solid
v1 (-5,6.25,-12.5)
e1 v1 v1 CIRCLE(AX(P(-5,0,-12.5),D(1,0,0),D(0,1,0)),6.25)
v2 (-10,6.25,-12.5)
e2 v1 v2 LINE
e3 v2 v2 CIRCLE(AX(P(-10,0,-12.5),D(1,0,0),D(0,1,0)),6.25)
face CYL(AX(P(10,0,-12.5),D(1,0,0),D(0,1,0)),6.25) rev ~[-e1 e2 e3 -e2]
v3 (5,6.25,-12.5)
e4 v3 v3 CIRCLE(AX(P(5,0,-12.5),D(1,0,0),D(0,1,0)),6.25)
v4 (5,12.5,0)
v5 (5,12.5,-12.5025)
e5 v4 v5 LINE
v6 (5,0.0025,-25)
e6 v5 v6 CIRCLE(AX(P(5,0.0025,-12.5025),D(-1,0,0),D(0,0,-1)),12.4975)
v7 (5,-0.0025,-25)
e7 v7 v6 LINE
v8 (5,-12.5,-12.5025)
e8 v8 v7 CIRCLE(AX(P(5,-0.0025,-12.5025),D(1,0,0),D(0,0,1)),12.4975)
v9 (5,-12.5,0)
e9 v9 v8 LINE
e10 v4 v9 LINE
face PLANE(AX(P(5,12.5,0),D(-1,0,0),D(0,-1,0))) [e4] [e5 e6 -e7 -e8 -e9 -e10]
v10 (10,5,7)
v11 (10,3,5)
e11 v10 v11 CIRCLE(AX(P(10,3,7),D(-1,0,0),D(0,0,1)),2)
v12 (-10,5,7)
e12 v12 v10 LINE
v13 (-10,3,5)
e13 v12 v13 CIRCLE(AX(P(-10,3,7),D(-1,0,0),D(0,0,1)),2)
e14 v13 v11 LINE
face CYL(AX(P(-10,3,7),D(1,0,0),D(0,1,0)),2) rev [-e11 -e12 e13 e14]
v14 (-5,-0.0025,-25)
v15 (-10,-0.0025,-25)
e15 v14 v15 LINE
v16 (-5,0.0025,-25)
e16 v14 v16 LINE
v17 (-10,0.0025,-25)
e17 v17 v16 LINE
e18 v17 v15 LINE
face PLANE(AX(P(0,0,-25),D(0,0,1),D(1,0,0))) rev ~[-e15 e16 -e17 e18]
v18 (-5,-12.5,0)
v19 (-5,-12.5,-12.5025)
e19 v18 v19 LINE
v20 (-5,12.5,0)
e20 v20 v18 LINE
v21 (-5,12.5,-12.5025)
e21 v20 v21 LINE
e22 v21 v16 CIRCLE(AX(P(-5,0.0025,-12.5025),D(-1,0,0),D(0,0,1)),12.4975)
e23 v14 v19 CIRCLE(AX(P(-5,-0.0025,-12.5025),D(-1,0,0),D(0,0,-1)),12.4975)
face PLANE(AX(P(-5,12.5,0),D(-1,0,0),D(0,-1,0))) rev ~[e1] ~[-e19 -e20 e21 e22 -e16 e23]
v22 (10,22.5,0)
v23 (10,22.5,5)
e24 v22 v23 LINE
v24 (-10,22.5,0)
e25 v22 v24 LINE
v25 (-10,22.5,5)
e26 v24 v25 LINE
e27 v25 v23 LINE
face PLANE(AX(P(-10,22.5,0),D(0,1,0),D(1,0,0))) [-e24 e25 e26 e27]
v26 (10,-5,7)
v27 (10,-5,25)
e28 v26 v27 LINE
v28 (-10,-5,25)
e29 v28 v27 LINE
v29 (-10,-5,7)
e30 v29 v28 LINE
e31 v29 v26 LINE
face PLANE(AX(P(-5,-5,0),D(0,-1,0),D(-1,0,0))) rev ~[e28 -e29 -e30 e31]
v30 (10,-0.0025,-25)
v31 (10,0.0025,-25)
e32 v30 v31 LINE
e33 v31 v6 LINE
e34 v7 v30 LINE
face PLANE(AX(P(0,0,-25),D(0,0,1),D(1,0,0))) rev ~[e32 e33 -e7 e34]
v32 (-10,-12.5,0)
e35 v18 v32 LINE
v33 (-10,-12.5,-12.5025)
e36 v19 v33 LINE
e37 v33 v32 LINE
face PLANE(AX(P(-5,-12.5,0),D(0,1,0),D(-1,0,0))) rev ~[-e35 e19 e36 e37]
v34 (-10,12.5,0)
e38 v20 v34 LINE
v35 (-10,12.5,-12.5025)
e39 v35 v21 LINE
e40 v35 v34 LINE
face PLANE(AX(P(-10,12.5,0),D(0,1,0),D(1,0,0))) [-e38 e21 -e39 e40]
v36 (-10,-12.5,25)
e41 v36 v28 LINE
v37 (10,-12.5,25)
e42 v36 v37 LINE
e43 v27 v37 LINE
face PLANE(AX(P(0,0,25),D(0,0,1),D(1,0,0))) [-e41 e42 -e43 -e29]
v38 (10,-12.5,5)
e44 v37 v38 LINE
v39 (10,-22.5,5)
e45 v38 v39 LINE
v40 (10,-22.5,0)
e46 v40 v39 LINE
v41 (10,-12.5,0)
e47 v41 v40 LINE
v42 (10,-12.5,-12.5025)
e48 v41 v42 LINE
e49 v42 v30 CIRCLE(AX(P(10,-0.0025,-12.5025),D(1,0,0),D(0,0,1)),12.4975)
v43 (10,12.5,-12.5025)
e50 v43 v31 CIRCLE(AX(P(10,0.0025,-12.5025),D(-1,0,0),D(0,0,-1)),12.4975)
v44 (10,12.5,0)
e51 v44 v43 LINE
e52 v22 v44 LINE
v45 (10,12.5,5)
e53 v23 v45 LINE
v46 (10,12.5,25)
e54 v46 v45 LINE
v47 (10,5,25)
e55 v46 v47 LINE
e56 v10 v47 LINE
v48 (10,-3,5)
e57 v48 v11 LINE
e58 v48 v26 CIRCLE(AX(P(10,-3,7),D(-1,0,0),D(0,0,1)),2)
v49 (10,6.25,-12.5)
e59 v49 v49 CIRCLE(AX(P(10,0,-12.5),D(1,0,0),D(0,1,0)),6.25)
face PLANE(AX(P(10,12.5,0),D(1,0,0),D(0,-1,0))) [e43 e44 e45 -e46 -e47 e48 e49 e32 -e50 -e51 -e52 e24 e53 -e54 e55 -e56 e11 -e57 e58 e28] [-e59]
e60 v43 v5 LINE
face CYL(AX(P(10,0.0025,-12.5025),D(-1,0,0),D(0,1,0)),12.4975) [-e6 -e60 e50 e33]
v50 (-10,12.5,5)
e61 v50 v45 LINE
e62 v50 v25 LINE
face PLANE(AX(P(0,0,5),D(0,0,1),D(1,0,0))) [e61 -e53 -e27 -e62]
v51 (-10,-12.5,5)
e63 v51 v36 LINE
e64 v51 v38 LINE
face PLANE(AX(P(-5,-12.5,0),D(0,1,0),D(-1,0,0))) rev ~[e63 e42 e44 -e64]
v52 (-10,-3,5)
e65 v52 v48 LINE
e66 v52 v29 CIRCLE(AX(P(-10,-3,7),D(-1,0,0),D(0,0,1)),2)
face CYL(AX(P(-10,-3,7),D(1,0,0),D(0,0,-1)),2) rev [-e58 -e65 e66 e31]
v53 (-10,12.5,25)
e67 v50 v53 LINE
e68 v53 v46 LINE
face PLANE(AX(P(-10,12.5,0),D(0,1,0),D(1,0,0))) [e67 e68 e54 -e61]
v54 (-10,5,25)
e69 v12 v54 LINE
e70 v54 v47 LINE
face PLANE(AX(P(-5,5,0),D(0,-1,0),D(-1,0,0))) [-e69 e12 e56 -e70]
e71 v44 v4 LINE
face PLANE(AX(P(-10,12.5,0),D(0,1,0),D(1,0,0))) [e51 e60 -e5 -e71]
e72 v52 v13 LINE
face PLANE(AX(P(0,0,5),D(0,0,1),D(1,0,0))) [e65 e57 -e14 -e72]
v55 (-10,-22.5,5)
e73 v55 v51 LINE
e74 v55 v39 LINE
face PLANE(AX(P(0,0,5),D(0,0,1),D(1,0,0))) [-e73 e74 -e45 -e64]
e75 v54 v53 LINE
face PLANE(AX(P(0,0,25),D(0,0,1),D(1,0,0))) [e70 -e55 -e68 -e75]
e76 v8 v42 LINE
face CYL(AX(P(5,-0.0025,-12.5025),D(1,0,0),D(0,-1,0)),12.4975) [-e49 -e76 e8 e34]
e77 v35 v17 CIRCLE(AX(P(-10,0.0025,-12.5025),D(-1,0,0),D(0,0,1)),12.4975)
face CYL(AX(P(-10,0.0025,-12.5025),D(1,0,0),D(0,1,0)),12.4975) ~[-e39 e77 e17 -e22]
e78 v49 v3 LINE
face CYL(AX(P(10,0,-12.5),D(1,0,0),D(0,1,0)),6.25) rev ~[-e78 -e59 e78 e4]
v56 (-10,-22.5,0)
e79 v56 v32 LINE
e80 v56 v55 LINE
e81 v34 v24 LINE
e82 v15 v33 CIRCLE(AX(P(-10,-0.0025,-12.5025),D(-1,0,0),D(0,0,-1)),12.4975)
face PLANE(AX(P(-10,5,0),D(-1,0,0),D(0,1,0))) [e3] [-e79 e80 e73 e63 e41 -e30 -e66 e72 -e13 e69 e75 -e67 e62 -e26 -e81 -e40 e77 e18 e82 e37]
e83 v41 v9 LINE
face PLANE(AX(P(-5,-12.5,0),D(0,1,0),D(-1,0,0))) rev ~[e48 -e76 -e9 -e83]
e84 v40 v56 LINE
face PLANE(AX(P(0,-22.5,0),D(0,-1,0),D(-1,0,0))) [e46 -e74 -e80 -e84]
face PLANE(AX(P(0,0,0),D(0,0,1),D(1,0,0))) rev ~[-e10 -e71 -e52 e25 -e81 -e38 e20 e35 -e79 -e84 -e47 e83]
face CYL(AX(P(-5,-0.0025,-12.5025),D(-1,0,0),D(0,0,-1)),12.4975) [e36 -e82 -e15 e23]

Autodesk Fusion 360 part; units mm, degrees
sketch "Sketch1" plane through (0, 0, 0) normal (0, 0, 1) x (1, 0, 0)
  line L0 (-10, 22.5) -> (10, 22.5)
  line L1 (10, 22.5) -> (10, -22.5)
  line L2 (10, -22.5) -> (-10, -22.5)
  line L3 (-10, -22.5) -> (-10, 22.5)
  line L4 (10, 12.5) -> (5, 12.5)
  line L5 (5, 12.5) -> (5, -12.5)
  line L6 (5, -12.5) -> (10, -12.5)
  line L7 (10, -12.5) -> (10, 12.5)
  line L8 (0, 22.5) -> (0, -22.5)
  line L9 (-10, 22.5) -> (-10, -22.5)
  line L10 (-10, -12.5) -> (-10, 12.5)
  line L11 (-5, -12.5) -> (-10, -12.5)
  line L12 (-5, 12.5) -> (-5, -12.5)
  line L13 (-10, 0) -> (10, 0)
  line L14 (-10, 12.5) -> (10, 12.5)
  line L15 (10, 12.5) -> (10, 5)
  line L16 (10, 5) -> (-10, 5)
  line L17 (-10, 5) -> (-10, 12.5)
  line L18 (10, -5) -> (-10, -5)
  line L19 (-10, -12.5) -> (10, -12.5)
  dimension "d1" = 20
  dimension "d2" = 45
  dimension "d3" = 22.5
  dimension "d4" = 10
  dimension "d5" = 5
  dimension "d6" = 25
  dimension "d7" = 12.5
  dimension "d8" = 7.5
  dimension "d9" = 10
extrude "Extrude1" add sketch "Sketch1" along normal blind 25 contours L3 L9 L10 L12 L14 L16 L17 | L5 L8 L14 L16 | L8 L12 L14 L16 | L1 L4 L5 L7 L14 L15 L16 | L3 L9 L10 L11 L12 L18 L19 | L5 L8 L18 L19 | L8 L12 L18 L19 | L1 L5 L6 L7 L18 L19 makes body 1 at (-3.3333, 12.5, 8.3333) makes body 2 at (3.3333, -5, 8.3333)
extrude "Extrude2" add sketch "Sketch1" against normal blind 25 contours L3 L9 L10 L12 L14 L16 L17 | L3 L9 L10 L12 L13 L16 | L1 L4 L5 L7 L14 L15 L16 | L3 L9 L10 L12 L13 L18 | L1 L5 L7 L13 L16 | L3 L9 L10 L11 L12 L18 L19 | L1 L5 L7 L13 L18 | L1 L5 L6 L7 L18 L19 bodies 1 2
extrude "Extrude3" add sketch "Sketch1" along normal blind 5 contours L0 L3 L8 L9 L14 | L0 L1 L4 L8 L14 | L3 L9 L10 L12 L13 L16 | L5 L8 L13 L16 | L8 L12 L13 L16 | L3 L9 L10 L12 L13 L18 | L1 L5 L7 L13 L16 | L5 L8 L13 L18 | L8 L12 L13 L18 | L1 L5 L7 L13 L18 | L2 L3 L8 L9 L11 L19 | L1 L2 L6 L8 L19 bodies 1
fillet "Fillet1" radius 12.5 4 edges at (7.5, -12.5, -25) (-7.5, -12.5, -25) (-7.5, 12.5, -25) (7.5, 12.5, -25) on bodies 1
fillet "Fillet2" radius 2 2 edges at (0, -5, 5) (0, 5, 5) on bodies 1
sketch "Sketch2" plane through (10, 0, 0) normal (1, 0, 0) x (0, 1, 0)
  arc A0 (-12.5, -12.5) -> (12.5, -12.5) centre (0, -12.5) ccw
  line L0 (12.5, -12.5) -> (12.5, 0)
  line L1 (12.5, 0) -> (22.5, 0)
  line L2 (22.5, 0) -> (22.5, 5)
  line L3 (22.5, 5) -> (12.5, 5)
  line L4 (12.5, 5) -> (12.5, 25)
  line L5 (12.5, 25) -> (5, 25)
  line L6 (5, 25) -> (5, 7)
  arc A1 (3, 5) -> (5, 7) centre (3, 7) ccw
  line L7 (3, 5) -> (-3, 5)
  arc A2 (-5, 7) -> (-3, 5) centre (-3, 7) ccw
  line L8 (-5, 7) -> (-5, 25)
  line L9 (-5, 25) -> (-12.5, 25)
  line L10 (-12.5, 25) -> (-12.5, 5)
  line L11 (-12.5, 5) -> (-22.5, 5)
  line L12 (-22.5, 5) -> (-22.5, 0)
  line L13 (-22.5, 0) -> (-12.5, 0)
  line L14 (-12.5, 0) -> (-12.5, -12.5)
  circle A3 centre (0, -12.5) radius 6.25
  dimension "d20" = 12.5
  dimension "d21" = 12.5
extrude "Extrude4" cut sketch "Sketch2" against normal up to surface (20 mm away) contours A3 bodies 1
equation "d3 = ( 45 / 2 ) * 1 mm"
equation "d7 = ( 25 / 2 ) * 1 mm"
equation "d8 = ( 15 / 2 ) * 1 mm"
